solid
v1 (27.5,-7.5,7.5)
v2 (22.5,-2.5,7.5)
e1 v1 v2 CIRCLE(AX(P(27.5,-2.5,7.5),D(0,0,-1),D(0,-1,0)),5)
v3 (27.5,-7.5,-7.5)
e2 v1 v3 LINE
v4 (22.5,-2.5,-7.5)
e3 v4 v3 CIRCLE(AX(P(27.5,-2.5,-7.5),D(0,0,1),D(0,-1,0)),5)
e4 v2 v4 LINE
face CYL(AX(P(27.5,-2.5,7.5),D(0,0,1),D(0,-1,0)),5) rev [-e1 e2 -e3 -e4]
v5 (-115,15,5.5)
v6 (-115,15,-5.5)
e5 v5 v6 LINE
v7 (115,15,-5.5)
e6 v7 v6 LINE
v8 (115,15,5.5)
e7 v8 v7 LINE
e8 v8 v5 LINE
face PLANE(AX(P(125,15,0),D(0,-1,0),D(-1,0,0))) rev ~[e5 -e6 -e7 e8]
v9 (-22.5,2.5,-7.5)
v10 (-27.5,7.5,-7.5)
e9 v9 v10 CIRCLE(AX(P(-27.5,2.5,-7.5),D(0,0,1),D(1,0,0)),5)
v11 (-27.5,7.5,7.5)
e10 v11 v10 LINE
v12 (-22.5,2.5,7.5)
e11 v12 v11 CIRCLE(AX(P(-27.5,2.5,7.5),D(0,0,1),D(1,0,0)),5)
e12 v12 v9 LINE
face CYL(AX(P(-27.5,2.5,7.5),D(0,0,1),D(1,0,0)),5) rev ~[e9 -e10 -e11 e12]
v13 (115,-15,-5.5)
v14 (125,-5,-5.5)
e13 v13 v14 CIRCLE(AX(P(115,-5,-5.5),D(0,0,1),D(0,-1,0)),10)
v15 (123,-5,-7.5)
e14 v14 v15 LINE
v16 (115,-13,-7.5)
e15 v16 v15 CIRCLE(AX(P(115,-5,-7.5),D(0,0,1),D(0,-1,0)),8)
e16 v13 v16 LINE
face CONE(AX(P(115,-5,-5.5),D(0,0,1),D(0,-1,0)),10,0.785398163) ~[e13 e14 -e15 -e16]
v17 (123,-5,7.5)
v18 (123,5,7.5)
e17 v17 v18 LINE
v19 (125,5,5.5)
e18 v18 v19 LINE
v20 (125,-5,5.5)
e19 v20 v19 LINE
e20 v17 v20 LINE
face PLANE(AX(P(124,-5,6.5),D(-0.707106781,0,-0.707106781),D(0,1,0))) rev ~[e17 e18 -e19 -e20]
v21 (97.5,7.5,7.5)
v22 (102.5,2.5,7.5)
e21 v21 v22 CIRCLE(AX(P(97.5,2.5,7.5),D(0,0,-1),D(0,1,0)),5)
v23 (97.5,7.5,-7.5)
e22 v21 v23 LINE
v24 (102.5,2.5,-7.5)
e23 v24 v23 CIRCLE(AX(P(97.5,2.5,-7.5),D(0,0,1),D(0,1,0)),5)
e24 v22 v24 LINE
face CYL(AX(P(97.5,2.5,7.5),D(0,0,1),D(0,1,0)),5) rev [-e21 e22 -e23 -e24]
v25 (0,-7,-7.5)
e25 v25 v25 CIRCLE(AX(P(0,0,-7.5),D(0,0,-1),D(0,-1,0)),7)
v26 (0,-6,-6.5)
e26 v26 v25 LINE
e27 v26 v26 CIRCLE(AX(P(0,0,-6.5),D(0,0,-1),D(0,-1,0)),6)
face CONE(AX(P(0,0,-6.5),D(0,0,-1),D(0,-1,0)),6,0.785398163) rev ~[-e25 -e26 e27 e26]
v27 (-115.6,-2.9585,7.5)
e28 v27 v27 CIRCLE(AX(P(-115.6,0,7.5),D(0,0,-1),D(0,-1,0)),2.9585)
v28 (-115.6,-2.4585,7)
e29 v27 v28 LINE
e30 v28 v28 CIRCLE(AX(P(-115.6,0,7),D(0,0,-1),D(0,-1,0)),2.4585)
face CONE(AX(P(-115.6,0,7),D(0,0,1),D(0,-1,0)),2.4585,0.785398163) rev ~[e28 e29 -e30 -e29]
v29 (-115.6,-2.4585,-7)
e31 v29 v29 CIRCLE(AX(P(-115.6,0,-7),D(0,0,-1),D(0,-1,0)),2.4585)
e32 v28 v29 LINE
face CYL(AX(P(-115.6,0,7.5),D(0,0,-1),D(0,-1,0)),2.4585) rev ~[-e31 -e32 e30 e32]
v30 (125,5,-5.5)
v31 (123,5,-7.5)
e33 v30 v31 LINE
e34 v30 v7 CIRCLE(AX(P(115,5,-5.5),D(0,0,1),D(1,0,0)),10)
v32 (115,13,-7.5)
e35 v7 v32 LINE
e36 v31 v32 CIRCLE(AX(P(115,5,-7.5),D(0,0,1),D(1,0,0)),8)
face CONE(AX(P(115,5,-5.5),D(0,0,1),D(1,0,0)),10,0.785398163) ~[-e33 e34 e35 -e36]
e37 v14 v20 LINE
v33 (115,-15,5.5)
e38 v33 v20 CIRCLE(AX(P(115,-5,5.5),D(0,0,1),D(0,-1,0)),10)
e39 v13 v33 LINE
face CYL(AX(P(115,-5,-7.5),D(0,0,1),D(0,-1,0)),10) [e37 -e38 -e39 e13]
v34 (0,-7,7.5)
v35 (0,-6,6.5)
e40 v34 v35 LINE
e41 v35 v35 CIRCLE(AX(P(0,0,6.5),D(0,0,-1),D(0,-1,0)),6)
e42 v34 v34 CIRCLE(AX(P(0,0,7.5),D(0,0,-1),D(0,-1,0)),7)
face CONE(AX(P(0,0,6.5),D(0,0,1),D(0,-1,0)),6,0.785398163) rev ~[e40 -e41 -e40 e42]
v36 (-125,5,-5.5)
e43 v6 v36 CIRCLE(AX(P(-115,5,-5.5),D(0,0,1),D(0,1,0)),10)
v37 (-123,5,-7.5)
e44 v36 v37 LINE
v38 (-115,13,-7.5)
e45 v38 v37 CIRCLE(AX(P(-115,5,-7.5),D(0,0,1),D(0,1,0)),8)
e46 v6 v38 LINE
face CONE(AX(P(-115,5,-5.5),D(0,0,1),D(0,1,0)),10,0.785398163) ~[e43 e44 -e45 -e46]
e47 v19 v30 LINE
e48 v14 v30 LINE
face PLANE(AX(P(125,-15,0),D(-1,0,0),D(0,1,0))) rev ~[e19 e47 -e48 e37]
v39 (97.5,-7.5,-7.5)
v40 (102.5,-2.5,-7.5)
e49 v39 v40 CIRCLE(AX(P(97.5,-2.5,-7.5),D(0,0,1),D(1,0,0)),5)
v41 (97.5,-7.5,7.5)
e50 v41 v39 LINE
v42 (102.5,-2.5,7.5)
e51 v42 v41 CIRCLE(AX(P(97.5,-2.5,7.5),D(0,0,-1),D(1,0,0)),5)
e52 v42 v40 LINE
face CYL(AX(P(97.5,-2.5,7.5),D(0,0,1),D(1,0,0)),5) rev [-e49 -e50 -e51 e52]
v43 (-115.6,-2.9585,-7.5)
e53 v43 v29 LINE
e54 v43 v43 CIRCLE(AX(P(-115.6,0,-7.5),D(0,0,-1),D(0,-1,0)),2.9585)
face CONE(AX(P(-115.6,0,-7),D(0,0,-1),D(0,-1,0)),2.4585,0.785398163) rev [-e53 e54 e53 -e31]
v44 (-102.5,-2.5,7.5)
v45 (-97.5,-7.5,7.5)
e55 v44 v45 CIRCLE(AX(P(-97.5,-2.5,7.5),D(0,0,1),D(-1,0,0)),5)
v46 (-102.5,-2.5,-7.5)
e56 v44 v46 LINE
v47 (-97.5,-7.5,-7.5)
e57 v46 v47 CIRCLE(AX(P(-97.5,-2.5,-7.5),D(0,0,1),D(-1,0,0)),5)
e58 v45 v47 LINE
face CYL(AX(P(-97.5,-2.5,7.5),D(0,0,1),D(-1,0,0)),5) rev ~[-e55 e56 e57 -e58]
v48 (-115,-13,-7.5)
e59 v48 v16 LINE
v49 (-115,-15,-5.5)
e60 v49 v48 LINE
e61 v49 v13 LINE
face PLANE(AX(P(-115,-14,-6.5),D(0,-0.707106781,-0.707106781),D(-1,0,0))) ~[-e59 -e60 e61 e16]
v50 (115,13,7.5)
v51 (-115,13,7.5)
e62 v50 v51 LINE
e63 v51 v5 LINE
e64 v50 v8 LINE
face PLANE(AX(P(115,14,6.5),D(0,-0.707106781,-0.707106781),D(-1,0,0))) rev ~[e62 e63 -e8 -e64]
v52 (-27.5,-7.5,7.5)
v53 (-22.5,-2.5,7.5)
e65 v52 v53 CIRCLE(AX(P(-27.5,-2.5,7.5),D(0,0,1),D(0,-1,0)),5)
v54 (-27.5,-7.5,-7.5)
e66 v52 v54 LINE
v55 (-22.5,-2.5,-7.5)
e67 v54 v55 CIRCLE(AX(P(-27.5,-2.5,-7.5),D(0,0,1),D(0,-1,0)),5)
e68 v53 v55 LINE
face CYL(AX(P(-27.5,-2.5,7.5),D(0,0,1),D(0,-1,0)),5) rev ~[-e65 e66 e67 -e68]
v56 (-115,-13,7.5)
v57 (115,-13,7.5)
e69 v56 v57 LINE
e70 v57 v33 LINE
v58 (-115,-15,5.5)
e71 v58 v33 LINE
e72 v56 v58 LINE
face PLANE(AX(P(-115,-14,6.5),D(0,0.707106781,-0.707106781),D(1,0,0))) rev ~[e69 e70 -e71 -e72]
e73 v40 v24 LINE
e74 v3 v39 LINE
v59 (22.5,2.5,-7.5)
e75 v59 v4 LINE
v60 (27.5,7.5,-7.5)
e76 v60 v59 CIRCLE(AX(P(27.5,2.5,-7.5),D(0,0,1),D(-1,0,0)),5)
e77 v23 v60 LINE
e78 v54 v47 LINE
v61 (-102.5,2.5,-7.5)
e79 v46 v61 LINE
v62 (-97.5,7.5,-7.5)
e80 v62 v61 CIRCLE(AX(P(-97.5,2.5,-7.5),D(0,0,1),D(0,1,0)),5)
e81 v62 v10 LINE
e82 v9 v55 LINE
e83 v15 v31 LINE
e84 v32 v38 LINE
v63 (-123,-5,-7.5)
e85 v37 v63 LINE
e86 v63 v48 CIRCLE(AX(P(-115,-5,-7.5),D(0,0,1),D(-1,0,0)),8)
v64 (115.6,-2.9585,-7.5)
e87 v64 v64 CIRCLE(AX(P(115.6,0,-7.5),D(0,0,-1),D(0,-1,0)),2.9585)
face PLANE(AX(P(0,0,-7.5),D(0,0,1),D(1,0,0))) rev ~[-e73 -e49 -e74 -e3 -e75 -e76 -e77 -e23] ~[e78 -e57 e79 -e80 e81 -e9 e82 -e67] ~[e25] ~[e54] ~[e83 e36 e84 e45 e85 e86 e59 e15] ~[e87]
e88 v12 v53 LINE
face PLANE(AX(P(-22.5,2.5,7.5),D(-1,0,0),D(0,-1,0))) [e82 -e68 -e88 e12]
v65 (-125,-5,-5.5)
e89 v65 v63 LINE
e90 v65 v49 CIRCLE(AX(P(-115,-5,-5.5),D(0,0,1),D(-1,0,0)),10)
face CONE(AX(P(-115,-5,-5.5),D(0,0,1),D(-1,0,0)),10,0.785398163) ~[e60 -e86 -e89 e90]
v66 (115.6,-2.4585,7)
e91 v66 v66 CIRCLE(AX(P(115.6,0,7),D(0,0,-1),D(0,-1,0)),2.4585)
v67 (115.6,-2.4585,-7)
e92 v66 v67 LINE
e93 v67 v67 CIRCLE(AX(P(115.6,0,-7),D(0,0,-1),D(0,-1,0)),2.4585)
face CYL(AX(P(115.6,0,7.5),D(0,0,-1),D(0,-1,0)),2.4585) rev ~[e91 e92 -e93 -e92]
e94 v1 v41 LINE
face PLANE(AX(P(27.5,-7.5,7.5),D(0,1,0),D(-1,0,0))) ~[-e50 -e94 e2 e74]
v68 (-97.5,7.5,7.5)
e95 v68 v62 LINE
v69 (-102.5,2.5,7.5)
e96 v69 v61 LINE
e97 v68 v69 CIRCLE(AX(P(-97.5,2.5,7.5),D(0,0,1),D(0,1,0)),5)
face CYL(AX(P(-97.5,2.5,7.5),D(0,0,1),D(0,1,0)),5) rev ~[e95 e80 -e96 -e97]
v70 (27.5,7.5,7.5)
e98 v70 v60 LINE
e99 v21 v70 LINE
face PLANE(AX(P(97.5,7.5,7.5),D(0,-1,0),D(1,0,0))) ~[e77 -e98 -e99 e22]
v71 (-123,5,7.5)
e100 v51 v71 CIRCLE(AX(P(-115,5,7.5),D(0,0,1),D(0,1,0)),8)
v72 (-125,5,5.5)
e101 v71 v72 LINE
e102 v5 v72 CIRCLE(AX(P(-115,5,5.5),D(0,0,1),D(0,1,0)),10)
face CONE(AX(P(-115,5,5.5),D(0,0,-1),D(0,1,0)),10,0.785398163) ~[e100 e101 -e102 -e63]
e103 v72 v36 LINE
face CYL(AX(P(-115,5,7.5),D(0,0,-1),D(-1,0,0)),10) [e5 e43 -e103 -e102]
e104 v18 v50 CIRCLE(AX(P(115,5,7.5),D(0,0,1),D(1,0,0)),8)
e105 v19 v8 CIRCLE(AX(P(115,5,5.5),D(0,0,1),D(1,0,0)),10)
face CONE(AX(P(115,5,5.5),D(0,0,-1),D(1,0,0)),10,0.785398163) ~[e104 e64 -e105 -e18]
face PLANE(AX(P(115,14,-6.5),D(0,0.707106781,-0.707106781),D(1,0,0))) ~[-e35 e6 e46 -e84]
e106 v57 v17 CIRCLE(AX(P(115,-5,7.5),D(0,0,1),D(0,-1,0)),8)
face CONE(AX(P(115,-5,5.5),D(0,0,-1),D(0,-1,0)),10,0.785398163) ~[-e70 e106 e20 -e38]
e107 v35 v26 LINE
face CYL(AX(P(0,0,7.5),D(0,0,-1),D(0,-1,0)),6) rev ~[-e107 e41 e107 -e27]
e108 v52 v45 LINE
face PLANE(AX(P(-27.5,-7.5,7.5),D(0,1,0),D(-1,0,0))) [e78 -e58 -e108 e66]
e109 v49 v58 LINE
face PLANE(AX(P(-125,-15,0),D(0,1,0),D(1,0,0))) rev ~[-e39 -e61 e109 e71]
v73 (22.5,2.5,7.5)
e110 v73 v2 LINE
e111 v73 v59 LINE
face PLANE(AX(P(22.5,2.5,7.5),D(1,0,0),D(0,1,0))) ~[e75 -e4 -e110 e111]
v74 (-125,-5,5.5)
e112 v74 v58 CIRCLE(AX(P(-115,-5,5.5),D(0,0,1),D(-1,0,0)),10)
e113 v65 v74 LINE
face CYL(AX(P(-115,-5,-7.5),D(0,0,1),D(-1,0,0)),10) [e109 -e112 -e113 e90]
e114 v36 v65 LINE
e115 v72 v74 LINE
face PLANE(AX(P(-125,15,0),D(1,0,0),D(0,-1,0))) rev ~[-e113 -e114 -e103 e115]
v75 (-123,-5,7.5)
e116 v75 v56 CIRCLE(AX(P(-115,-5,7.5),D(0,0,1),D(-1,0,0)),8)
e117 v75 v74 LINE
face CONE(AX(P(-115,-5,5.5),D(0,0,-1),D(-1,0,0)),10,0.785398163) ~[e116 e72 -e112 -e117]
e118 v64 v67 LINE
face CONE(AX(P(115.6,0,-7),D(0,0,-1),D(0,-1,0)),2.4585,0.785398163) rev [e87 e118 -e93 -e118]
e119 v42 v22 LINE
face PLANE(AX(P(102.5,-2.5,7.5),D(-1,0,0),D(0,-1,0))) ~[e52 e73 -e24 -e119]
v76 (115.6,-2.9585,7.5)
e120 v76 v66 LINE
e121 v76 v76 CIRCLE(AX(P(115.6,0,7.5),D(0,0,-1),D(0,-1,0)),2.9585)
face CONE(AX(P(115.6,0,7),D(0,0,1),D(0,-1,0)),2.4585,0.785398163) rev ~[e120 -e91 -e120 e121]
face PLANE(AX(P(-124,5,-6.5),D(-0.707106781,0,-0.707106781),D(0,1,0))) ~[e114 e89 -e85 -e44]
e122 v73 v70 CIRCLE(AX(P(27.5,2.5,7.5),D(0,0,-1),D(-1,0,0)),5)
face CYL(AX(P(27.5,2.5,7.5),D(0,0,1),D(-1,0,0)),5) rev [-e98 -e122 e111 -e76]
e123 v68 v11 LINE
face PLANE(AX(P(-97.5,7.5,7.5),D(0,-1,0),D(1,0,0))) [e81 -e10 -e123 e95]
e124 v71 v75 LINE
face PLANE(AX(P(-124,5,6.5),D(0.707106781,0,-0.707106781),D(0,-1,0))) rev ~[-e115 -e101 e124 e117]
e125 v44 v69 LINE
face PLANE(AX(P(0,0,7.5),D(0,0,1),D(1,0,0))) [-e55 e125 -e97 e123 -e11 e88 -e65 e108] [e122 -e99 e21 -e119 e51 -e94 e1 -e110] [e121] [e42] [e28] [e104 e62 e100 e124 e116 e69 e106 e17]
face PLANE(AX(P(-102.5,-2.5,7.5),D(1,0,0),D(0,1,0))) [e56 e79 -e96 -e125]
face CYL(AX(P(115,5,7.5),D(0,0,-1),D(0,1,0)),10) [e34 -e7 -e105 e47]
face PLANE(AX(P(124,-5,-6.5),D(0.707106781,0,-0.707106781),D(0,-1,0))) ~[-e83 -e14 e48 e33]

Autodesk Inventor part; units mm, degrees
ref_plane "YZ Plane" through (0, 0, 0) normal (1, 0, 0) x (0, 1, 0)
ref_plane "XZ Plane" through (0, 0, 0) normal (0, 1, 0) x (-1, 0, 0)
ref_plane "XY Plane" through (0, 0, 0) normal (0, 0, 1) x (1, 0, 0)
sketch "Skizze1" plane through (0, 0, 0) normal (0, 0, 1) x (1, 0, 0)
  line L0 (-175, 0) -> (175, 0) construction
  line L1 (0, 21) -> (0, -21) construction
  line L2 (-125, -15) -> (125, -15)
  line L3 (125, -15) -> (125, 15)
  line L4 (125, 15) -> (-125, 15)
  line L5 (-125, 15) -> (-125, -15)
  line L6 (-125, -15) -> (125, 15) construction
  line L7 (125, -15) -> (-125, 15) construction
  point P0 (0, 0)
  dimension "d0" = 250
  dimension "d1" = 30
extrude "Grundkörper" add sketch "Skizze1" along normal mid plane 15
sketch "Skizze2" plane through (0, 0, 7.5) normal (0, 0, 1) x (1, 0, 0)
  line L0 (0, 21) -> (0, -21) construction
  point P0 (0, 0)
  point P1 (-115.6, 0)
  point P2 (115.6, 0)
  dimension "d4" = 231.2
hole "M6" at (-115.6, 0, 7.5) at (115.6, 0, 7.5) direction (0, 0, -1) diameter 4.917 end through all thread size "M6x1" class "6H" standard "ISO Metric profile"
sketch "Skizze3" plane through (0, 0, 7.5) normal (0, 0, 1) x (1, 0, 0)
  line L0 (0, 21) -> (0, -21) construction
  line L1 (-97.5, 7.5) -> (-27.5, 7.5)
  line L2 (-22.5, 2.5) -> (-22.5, -2.5)
  line L3 (-27.5, -7.5) -> (-97.5, -7.5)
  line L4 (-102.5, -2.5) -> (-102.5, 2.5)
  line L5 (-175, 0) -> (175, 0) construction
  line L6 (125, 15) -> (-125, 15) projected
  line L7 (0, 15) -> (-125, 15)
  line L8 (-62.5, 15) -> (-62.5, -15) construction
  line L9 (-125, -15) -> (125, -15) construction
  arc A0 (-102.5, -2.5) -> (-97.5, -7.5) centre (-97.5, -2.5) ccw
  arc A1 (-97.5, 7.5) -> (-102.5, 2.5) centre (-97.5, 2.5) ccw
  arc A2 (-22.5, 2.5) -> (-27.5, 7.5) centre (-27.5, 2.5) ccw
  arc A3 (-27.5, -7.5) -> (-22.5, -2.5) centre (-27.5, -2.5) ccw
  point P0 (0, 0)
  point P1 (-102.5, 7.5)
  point P2 (-22.5, 7.5)
  dimension "d16" = 15
  dimension "d17" = 80
  dimension "d18" = 5
extrude "Ausschnitt_Gewichtsreduktion" cut sketch "Skizze3" against normal through all
mirror "Spiegeln_Ausschnitt_Gewichtsreduktion" about plane through (0, 0, 0) normal (1, 0, 0) of "Ausschnitt_Gewichtsreduktion"
chamfer "Fase_M6_Gewinde" distance 0.5 angle 45 4 edges at (-115.6, 2.4585, -7.5) (115.6, 2.4585, -7.5) (-115.6, 2.4585, 7.5) (115.6, 2.4585, 7.5)
sketch "Skizze4" plane through (0, 0, 7.5) normal (0, 0, 1) x (1, 0, 0)
  line L0 (0, 21) -> (0, -21) construction
  line L1 (-175, 0) -> (175, 0) construction
  point P0 (0, 0)
  point P1 (0, 0)
hole "12H7_Bohrung" at (0, 0, 7.5) direction (0, 0, -1) diameter 12 end through all
fillet "Abrundung" radius 10 4 edges at (-125, 15, 0) (-125, -15, 0) (125, -15, 0) (125, 15, 0)
chamfer "Fase_Allgemein" distance 2 angle 45 8 edges at (0, -15, 7.5) (122.0711, -12.0711, 7.5) (0, 15, 7.5) (-122.0711, 12.0711, 7.5) (0, -15, -7.5) (-122.0711, 12.0711, -7.5) (0, 15, -7.5) (122.0711, -12.0711, -7.5)
chamfer "Fase_Bohrung" distance 1 angle 45 2 edges at (0, 6, 7.5) (0, 6, -7.5)
properties part number "200-60-DIFFERENTIAL-CONNECTOR-01" material "Edelstahl"
